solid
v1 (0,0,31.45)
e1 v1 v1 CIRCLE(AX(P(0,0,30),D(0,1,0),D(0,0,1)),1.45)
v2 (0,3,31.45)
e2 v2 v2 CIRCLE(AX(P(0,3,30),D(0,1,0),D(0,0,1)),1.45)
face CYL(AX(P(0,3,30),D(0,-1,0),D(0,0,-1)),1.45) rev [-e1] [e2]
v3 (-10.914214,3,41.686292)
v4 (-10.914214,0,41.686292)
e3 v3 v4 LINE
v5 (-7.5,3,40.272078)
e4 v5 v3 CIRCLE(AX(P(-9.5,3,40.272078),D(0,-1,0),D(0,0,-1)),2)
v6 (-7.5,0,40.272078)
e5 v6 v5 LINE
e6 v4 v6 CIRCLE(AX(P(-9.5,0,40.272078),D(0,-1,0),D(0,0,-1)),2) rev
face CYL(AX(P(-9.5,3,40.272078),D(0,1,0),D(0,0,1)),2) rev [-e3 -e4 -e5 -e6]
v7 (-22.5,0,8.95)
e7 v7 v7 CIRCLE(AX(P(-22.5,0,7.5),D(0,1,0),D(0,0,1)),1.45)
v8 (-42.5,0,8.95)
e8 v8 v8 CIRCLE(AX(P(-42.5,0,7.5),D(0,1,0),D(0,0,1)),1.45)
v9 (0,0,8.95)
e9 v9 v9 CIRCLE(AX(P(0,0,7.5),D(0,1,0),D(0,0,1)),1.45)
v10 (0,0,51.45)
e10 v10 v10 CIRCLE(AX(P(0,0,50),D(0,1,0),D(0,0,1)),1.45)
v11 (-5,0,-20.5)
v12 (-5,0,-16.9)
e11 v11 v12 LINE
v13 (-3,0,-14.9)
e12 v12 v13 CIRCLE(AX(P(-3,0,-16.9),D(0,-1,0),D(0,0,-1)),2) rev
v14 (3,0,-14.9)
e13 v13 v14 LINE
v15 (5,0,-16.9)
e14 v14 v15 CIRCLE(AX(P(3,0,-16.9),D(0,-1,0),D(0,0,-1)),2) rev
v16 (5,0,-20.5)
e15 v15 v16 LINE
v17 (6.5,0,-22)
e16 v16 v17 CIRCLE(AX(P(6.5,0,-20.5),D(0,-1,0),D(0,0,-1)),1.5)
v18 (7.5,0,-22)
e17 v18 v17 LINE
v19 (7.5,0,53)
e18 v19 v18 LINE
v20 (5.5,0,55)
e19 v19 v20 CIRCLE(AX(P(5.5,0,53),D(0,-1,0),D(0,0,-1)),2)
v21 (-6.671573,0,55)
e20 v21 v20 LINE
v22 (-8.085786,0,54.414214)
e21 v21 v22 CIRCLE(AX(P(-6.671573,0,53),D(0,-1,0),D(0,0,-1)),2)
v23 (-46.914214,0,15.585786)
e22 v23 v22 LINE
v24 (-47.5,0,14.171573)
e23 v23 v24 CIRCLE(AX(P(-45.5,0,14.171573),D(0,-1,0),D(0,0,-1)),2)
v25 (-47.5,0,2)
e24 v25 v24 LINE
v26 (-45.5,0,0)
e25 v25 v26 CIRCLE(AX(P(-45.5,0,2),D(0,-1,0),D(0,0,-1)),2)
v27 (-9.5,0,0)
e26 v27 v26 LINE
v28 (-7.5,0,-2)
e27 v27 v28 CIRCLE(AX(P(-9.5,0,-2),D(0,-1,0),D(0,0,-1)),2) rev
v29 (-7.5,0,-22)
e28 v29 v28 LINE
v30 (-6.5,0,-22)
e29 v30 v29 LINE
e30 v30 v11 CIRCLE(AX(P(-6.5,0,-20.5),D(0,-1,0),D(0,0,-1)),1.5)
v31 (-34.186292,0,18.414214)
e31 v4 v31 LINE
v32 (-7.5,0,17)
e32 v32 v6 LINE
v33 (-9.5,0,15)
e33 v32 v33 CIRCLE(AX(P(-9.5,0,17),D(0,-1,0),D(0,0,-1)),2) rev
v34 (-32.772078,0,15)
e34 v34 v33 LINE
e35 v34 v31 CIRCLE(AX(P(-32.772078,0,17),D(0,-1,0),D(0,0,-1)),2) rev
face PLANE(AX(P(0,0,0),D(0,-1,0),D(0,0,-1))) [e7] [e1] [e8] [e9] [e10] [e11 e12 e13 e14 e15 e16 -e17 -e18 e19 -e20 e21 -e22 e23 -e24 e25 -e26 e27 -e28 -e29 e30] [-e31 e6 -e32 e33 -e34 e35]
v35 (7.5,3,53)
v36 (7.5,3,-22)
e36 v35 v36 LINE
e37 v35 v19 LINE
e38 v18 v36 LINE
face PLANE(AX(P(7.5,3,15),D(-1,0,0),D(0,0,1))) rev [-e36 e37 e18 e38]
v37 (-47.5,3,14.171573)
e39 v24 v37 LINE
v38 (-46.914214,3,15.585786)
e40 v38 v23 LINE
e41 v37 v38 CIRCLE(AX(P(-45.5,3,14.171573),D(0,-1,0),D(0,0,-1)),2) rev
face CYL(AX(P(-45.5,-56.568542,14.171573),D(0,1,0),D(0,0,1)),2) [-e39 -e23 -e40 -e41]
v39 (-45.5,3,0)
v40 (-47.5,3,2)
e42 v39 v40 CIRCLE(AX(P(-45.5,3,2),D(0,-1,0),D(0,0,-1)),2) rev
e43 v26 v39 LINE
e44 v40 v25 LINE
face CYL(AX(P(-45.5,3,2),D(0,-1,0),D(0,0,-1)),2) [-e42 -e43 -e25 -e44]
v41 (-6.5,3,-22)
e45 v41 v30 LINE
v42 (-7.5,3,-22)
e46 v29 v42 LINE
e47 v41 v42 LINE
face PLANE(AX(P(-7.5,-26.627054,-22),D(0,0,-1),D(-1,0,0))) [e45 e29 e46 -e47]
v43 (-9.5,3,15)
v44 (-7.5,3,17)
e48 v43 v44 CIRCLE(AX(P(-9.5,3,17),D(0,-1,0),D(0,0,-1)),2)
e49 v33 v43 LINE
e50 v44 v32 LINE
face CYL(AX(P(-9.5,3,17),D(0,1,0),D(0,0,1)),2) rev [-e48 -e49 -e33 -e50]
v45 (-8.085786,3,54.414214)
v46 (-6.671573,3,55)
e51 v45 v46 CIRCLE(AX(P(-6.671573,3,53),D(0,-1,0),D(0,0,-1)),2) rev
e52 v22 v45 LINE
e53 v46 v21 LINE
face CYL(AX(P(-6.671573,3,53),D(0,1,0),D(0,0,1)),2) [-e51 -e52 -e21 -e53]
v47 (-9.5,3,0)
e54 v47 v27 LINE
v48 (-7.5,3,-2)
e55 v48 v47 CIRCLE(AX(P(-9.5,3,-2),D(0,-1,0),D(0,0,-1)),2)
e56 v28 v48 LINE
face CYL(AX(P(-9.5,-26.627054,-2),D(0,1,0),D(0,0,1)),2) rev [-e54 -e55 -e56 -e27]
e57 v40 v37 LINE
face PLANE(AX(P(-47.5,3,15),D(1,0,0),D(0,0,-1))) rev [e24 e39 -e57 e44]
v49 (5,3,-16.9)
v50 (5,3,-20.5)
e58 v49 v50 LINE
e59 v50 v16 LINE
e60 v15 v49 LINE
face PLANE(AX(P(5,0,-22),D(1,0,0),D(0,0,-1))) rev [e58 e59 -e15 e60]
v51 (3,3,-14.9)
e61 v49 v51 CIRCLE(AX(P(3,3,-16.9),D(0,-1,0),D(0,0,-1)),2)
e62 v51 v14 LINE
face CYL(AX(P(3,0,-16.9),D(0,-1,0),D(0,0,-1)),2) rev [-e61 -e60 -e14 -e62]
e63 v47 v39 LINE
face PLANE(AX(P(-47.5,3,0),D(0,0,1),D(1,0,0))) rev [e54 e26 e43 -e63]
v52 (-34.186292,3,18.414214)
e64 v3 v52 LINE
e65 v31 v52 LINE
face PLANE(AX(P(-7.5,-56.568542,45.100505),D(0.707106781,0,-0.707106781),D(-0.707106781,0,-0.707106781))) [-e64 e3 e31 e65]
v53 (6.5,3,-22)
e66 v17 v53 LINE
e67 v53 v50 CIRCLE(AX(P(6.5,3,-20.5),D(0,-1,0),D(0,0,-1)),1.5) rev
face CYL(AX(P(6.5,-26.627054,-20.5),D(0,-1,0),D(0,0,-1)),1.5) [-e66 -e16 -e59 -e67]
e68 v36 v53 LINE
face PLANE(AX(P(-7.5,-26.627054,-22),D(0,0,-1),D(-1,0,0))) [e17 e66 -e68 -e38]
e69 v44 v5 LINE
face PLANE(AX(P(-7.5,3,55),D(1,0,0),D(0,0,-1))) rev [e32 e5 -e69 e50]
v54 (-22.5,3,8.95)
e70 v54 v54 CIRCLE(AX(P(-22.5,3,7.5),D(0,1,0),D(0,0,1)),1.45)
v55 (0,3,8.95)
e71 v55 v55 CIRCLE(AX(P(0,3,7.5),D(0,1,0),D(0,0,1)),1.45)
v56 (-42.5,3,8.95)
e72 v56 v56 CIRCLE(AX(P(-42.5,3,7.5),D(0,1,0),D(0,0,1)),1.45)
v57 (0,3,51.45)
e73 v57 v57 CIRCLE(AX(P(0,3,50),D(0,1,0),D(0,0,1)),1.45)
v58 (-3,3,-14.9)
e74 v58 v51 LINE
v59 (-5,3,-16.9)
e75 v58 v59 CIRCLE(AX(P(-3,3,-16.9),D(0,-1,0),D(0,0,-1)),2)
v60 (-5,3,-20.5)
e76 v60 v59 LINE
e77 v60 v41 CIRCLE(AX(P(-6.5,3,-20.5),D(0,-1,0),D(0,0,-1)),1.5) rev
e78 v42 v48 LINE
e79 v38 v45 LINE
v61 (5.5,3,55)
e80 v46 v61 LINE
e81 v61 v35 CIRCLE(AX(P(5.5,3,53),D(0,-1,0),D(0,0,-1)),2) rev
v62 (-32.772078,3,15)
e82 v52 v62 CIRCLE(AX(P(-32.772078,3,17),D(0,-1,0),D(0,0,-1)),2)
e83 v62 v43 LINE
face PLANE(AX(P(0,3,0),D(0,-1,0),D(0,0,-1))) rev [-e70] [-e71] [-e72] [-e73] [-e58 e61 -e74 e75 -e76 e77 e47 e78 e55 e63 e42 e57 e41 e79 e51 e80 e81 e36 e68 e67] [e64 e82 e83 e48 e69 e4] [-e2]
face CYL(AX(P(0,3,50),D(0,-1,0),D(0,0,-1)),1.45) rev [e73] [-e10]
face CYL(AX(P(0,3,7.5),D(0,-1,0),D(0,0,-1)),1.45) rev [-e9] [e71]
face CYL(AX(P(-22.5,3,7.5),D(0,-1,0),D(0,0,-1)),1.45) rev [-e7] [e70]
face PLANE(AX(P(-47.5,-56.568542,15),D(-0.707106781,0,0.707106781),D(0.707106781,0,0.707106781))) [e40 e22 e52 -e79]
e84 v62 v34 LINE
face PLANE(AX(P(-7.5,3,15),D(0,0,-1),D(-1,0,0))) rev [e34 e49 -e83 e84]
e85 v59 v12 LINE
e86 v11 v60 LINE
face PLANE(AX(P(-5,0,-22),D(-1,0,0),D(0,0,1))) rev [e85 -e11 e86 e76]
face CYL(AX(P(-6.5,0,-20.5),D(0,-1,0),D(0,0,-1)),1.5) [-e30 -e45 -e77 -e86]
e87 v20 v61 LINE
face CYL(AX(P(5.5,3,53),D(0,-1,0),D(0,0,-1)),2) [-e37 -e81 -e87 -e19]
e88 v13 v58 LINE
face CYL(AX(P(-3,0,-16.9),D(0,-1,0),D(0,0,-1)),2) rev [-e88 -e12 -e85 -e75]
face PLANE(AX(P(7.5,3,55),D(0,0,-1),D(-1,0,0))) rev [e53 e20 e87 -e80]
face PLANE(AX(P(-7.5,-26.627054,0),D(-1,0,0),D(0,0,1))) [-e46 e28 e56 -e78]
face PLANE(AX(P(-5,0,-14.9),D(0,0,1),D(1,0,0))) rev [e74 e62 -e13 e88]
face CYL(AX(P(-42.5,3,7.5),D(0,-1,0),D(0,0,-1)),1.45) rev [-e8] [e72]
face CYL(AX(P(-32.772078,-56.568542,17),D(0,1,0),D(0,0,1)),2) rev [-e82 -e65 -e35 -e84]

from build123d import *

# Parameters (mm, degrees)
SKETCH_1_R          = 1.45
EXTRUDE_1_DEPTH     = 3
EXTRUDE_2_DEPTH     = 3
SKETCH_4_W          = 40
SKETCH_4_H          = 55
CUT_EXTRUDE_2_DEPTH = 73.734104793
SKETCH_5_W          = 15
SKETCH_5_H          = 22
EXTRUDE_3_DEPTH     = 3
SKETCH_6_W          = 10
SKETCH_6_H          = 7.1
CUT_EXTRUDE_3_DEPTH = 73.734104793
FILLET_1_R          = 2
FILLET_2_R          = 1.5


with BuildPart() as part:
    # 草图1 → 凸台-拉伸1 (new body)
    with BuildSketch(Plane(origin=(0, 0, 0), x_dir=(1, 0, 0), z_dir=(0, 1, 0))):
        Polygon((-47.5, 0), (0, 0), (47.5, 0), (47.5, -15), (7.5, -15), (7.5, -55), (-7.5, -55), (-7.5, -15), (-47.5, -15), align=None)
        with Locations(Location((0, -7.5, 0), (0, 0, 270))):
            Circle(SKETCH_1_R, mode=Mode.SUBTRACT)
        with Locations(Location((0, -30, 0), (0, 0, 270))):
            Circle(SKETCH_1_R, mode=Mode.SUBTRACT)
        with Locations(Location((0, -50, 0), (0, 0, 270))):
            Circle(SKETCH_1_R, mode=Mode.SUBTRACT)
        with Locations(Location((-22.5, -7.5, 0), (0, 0, 270))):
            Circle(SKETCH_1_R, mode=Mode.SUBTRACT)
        with Locations(Location((-42.5, -7.5, 0), (0, 0, 270))):
            Circle(SKETCH_1_R, mode=Mode.SUBTRACT)
        with Locations(Location((42.5, -7.5, 0), (0, 0, 90))):
            Circle(SKETCH_1_R, mode=Mode.SUBTRACT)
        with Locations(Location((22.5, -7.5, 0), (0, 0, 90))):
            Circle(SKETCH_1_R, mode=Mode.SUBTRACT)
    extrude(amount=EXTRUDE_1_DEPTH)

    # 草图2 → 凸台-拉伸2 (add)
    with BuildSketch(Plane(origin=(0, 3, 0), x_dir=(1, 0, 0), z_dir=(0, 1, 0))):
        Polygon((-47.5, -15), (-7.5, -55), (-7.5, -45.100505063), (-37.600505063, -15), align=None)
        Polygon((37.600505063, -15), (47.5, -15), (7.5, -55), (7.5, -45.100505063), align=None)
    extrude(amount=-EXTRUDE_2_DEPTH)

    # 草图4 → 切除-拉伸2 (cut, through all)
    with BuildSketch(Plane(origin=(0, 3, 0), x_dir=(1, 0, 0), z_dir=(0, 1, 0))):
        with Locations((27.5, -27.5)):
            Rectangle(SKETCH_4_W, SKETCH_4_H)
    extrude(amount=-CUT_EXTRUDE_2_DEPTH, mode=Mode.SUBTRACT)

    # 草图5 → 凸台-拉伸3 (add)
    with BuildSketch(Plane(origin=(0, 3, 0), x_dir=(1, 0, 0), z_dir=(0, 1, 0))):
        with Locations((0, 11)):
            Rectangle(SKETCH_5_W, SKETCH_5_H)
    extrude(amount=-EXTRUDE_3_DEPTH)

    # 草图6 → 切除-拉伸3 (cut, through all)
    with BuildSketch(Plane(origin=(0, 3, 0), x_dir=(1, 0, 0), z_dir=(0, 1, 0))):
        with Locations((0, 18.45)):
            Rectangle(SKETCH_6_W, SKETCH_6_H)
    extrude(amount=-CUT_EXTRUDE_3_DEPTH, mode=Mode.SUBTRACT)

    # 圆角1
    fillet_1_edges = [part.edges().sort_by_distance(p)[0] for p in [
        (-7.5, 1.5, 0),
        (-5, 1.5, -14.9),
        (5, 1.5, -14.9),
        (-47.5, 1.5, 0),
        (7.5, 1.5, 55),
        (-7.5, 1.5, 55),
        (-7.5, 1.5, 15),
        (-47.5, 1.5, 15),
        (-7.5, 1.5, 45.100505063),
        (-37.600505063, 1.5, 15),
    ]]
    fillet(fillet_1_edges, radius=FILLET_1_R)

    # 圆角2
    fillet_2_edges = [part.edges().sort_by_distance(p)[0] for p in [
        (-5, 1.5, -22),
        (5, 1.5, -22),
    ]]
    fillet(fillet_2_edges, radius=FILLET_2_R)


solid = part.part
